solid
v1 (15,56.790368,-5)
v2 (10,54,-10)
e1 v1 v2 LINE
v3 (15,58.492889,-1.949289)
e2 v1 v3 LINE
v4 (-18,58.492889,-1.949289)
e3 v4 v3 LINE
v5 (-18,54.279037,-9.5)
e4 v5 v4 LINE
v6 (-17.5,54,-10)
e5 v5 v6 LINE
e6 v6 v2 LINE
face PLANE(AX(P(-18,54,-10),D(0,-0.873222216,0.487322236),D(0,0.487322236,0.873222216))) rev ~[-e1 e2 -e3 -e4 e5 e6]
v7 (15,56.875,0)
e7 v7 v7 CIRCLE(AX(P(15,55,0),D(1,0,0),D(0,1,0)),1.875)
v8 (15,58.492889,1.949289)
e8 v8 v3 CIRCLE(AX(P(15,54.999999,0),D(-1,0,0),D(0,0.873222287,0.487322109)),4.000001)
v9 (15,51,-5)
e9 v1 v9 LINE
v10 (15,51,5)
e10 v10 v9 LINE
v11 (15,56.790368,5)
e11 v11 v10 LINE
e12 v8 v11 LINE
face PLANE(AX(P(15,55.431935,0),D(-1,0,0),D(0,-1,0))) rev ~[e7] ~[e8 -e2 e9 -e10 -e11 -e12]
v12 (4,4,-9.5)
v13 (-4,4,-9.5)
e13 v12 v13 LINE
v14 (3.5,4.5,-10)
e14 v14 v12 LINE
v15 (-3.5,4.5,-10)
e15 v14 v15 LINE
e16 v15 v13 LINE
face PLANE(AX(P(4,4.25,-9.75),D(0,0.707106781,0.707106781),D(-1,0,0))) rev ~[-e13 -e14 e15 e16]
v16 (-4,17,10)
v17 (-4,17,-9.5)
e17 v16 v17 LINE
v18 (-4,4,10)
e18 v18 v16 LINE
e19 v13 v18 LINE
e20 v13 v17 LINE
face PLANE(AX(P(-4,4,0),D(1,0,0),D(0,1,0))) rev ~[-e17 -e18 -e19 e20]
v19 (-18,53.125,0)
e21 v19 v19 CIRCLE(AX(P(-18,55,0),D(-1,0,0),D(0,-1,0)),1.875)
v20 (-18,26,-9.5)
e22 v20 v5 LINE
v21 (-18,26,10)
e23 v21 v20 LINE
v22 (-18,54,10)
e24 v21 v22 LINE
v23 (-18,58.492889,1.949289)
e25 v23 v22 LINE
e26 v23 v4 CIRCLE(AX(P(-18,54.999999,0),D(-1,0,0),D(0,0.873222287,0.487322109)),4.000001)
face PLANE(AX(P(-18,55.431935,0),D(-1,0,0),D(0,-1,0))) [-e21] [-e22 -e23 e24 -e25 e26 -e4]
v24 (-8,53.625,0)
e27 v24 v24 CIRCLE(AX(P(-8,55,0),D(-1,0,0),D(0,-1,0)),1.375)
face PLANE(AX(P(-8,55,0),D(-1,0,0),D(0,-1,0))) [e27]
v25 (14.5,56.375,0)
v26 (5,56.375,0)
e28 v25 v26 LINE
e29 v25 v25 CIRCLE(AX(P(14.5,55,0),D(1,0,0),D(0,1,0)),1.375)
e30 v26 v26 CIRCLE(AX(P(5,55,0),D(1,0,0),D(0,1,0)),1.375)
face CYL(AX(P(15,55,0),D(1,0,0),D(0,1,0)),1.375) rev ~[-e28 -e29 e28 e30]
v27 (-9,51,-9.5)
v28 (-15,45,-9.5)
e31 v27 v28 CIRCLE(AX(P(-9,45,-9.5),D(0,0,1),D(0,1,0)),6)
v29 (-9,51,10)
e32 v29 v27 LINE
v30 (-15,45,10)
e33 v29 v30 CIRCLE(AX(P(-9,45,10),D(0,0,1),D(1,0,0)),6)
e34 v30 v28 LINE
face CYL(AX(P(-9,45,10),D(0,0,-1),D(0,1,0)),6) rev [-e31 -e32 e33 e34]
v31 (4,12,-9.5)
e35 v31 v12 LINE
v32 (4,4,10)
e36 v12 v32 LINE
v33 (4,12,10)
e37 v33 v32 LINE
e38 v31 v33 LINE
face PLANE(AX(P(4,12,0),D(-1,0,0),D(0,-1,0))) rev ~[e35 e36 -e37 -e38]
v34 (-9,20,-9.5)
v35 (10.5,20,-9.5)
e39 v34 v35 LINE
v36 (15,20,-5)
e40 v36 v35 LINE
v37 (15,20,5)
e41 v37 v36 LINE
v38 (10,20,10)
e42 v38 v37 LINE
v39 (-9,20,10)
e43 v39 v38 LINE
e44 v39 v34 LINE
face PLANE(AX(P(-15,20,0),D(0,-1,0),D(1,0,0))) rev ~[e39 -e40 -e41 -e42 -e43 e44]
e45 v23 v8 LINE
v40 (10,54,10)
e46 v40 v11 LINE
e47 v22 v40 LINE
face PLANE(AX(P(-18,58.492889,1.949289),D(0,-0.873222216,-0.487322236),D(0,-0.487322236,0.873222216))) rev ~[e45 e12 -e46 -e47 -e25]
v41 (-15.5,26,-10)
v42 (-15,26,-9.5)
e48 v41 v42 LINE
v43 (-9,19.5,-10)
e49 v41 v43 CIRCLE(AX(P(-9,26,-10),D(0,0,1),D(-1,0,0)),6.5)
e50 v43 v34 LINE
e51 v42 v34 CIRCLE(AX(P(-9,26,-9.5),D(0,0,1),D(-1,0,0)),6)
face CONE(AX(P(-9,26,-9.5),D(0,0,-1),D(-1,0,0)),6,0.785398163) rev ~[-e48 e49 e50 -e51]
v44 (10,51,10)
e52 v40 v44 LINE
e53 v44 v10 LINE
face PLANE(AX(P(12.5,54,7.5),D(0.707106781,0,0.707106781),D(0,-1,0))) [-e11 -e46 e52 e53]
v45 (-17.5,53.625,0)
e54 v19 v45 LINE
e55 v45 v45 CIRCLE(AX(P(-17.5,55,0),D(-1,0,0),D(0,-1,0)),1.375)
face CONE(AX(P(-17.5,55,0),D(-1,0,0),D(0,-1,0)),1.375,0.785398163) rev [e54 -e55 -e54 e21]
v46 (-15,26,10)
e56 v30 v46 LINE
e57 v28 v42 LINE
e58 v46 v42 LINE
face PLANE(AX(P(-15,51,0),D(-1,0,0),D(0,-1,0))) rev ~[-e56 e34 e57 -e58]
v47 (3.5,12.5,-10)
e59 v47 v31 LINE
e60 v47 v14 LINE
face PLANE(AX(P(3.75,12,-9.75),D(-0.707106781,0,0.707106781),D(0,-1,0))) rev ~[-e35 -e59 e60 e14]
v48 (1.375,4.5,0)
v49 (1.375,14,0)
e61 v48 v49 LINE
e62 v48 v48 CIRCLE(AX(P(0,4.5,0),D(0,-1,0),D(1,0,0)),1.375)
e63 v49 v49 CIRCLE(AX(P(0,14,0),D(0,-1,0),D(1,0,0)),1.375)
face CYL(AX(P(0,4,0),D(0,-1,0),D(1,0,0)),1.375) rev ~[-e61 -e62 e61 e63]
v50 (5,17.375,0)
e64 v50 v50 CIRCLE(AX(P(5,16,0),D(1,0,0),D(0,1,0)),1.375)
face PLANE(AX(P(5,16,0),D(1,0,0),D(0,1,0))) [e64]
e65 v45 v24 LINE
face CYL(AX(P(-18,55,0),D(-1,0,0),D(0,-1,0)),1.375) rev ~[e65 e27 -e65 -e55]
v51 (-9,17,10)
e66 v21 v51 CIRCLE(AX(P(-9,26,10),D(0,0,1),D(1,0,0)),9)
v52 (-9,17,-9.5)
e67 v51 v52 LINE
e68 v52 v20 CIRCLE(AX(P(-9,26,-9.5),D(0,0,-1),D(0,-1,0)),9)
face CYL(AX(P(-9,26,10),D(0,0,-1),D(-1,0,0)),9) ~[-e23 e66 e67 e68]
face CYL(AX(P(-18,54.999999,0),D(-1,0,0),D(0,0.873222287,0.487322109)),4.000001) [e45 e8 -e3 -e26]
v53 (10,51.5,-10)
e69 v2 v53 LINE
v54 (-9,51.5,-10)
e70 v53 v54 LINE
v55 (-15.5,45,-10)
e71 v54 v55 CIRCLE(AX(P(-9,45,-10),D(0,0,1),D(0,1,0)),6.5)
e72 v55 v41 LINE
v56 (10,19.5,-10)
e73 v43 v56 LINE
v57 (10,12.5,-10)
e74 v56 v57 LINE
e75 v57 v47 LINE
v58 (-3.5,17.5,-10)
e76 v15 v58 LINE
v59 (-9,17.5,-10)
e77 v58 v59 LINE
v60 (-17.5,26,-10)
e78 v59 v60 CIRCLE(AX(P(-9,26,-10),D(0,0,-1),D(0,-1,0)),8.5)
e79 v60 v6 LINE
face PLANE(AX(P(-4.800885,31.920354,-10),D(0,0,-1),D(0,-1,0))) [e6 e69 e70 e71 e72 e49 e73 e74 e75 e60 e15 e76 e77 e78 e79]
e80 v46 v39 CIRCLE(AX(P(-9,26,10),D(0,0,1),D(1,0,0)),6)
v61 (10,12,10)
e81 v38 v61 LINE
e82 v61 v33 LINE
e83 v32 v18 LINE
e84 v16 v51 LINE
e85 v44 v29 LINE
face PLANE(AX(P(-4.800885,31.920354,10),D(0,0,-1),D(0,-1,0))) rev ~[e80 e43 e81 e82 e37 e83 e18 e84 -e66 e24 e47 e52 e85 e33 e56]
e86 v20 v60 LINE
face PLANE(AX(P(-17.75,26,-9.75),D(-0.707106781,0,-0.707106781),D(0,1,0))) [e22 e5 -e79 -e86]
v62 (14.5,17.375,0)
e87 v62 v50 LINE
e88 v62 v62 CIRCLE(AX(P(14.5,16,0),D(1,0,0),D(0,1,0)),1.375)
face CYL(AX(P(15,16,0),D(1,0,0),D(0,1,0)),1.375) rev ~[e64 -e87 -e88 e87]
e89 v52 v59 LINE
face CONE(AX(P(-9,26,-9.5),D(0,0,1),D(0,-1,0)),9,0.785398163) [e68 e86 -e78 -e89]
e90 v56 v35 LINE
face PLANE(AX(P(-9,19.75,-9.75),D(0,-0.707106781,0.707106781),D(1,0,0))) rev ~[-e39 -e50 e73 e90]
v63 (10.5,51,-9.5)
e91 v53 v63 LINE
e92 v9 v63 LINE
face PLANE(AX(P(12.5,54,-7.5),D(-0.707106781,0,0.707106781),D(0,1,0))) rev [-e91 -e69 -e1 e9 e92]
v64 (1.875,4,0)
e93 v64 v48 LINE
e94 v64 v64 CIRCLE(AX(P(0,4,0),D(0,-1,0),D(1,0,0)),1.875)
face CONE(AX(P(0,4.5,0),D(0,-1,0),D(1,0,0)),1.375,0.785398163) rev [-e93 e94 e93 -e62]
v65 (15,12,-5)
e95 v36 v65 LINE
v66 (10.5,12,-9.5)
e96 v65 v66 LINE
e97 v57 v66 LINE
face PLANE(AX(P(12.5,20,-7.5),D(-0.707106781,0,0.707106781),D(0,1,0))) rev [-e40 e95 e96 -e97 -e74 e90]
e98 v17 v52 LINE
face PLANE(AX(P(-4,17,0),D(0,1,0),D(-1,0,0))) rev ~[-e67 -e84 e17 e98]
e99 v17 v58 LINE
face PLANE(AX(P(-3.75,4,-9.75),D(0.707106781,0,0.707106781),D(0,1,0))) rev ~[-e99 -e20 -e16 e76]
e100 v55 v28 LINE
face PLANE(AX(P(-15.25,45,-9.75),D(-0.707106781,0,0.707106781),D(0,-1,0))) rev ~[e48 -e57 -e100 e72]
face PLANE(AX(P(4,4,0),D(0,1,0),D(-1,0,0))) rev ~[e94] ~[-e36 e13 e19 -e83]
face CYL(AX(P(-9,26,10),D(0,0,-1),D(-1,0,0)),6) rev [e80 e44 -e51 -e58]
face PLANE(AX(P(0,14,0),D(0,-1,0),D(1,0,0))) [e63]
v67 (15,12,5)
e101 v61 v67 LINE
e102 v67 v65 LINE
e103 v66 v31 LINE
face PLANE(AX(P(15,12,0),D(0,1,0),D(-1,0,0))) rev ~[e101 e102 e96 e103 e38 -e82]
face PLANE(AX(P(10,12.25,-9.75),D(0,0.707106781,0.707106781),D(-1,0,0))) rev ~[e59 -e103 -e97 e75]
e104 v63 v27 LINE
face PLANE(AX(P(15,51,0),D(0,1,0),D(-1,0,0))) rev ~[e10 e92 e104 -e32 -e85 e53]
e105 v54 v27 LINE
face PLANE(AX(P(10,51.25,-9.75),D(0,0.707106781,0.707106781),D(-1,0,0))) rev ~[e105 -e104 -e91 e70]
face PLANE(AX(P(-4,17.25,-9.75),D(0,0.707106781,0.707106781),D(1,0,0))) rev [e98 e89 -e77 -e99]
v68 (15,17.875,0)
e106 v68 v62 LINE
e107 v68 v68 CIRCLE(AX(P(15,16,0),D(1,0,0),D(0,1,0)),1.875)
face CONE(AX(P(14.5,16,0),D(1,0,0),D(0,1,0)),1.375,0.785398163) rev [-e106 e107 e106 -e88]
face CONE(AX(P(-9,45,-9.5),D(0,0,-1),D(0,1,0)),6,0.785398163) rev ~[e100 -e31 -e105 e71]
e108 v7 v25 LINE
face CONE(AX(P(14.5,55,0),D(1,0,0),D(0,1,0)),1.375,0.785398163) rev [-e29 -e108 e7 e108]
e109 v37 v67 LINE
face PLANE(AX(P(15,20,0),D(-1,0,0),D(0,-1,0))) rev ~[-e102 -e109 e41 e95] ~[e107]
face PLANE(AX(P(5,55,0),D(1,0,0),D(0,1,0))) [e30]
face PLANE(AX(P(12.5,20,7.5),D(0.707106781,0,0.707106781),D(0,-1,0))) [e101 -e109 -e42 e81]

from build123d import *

# Parameters (mm, degrees)
PAD_DEPTH            = 10
SKETCH001_R          = 1.375
POCKET_DEPTH         = 10
PAD001_DEPTH         = 33
SKETCH003_R          = 1.375
POCKET001_DEPTH      = 10
SKETCH004_R          = 1.375
POCKET002_DEPTH      = 10
FILLET_1_R           = 9
FILLET_2_R           = 6
CHAMFER_SIZE         = 5
CHAMFER001_SIZE      = 0.5
CHAMFER002_SIZE      = 0.5
CLONE001_PITCH_ANGLE = -90


with BuildPart() as part:
    # Sketch → Pad (new body, symmetric)
    with BuildSketch(Plane.YZ):
        Polygon((4, 4), (17, 4), (17, 18), (54, 18), (54, -15), (51, -15), (51, 15), (20, 15), (20, -15), (12, -15), (12, -4), (4, -4), align=None)
    extrude(amount=PAD_DEPTH, both=True)

    # Sketch001 → Pocket (cut)
    with BuildSketch(Plane(origin=(0, 4, 0), x_dir=(0, 0, -1), z_dir=(0, -1, 0))):
        Circle(SKETCH001_R)
    extrude(amount=-POCKET_DEPTH, mode=Mode.SUBTRACT)

    # Sketch002 → Pad001 (new body)
    with BuildSketch(Plane(origin=(0, 0, 18), x_dir=(0, -1, 0), z_dir=(0, 0, 1))):
        with BuildLine():
            ThreePointArc((-58.492889, 1.949289), (-59, 0), (-58.492889, -1.949289))
            Line((-54, -10), (-58.492889, -1.949289))
            Line((-54, 10), (-54, -10))
            Line((-58.492889, 1.949289), (-54, 10))
        make_face()
    extrude(amount=-PAD001_DEPTH)

    # Sketch003 → Pocket001 (cut)
    with BuildSketch(Plane(origin=(0, 0, 18), x_dir=(0, -1, 0), z_dir=(0, 0, 1))):
        with Locations((-55, 0)):
            Circle(SKETCH003_R)
    extrude(amount=-POCKET001_DEPTH, mode=Mode.SUBTRACT)

    # Sketch004 → Pocket002 (cut)
    with BuildSketch(Plane.YX.offset(15)):
        with Locations((55, 0)):
            Circle(SKETCH004_R)
        with Locations((16, 0)):
            Circle(SKETCH004_R)
    extrude(amount=-POCKET002_DEPTH, mode=Mode.SUBTRACT)

    # Fillet 1
    fillet_1_edges = [part.edges().sort_by_distance(p)[0] for p in [
        (0, 17, 18),
    ]]
    fillet(fillet_1_edges, radius=FILLET_1_R)

    # Fillet 2
    fillet_2_edges = [part.edges().sort_by_distance(p)[0] for p in [
        (0, 20, 15),
        (0, 51, 15),
    ]]
    fillet(fillet_2_edges, radius=FILLET_2_R)

    # Chamfer
    chamfer_edges = [part.edges().sort_by_distance(p)[0] for p in [
        (-10, 52.5, -15),
        (-10, 16, -15),
        (10, 52.5, -15),
        (10, 16, -15),
    ]]
    chamfer(chamfer_edges, length=CHAMFER_SIZE)

    # Chamfer001
    chamfer001_edges = [part.edges().sort_by_distance(p)[0] for p in [
        (0, 56.375, 18),
        (0, 4, 1.375),
        (0, 53.625, -15),
        (0, 14.625, -15),
    ]]
    chamfer(chamfer001_edges, length=CHAMFER001_SIZE)

    # Chamfer002
    chamfer002_edges = [part.edges().sort_by_distance(p)[0] for p in [
        (-10, 40, 18),
        (-10, 51, -0.5),
        (-10, 19.636039, 15.363961),
        (-10, 49.242641, 13.242641),
        (-10, 17, 6.5),
        (-10, 35.5, 15),
        (-10, 10.5, 4),
        (-10, 21.757359, 13.242641),
        (-10, 4, 0),
        (-10, 20, -0.5),
        (-10, 8, -4),
        (-10, 12, -7),
    ]]
    chamfer(chamfer002_edges, length=CHAMFER002_SIZE)


with BuildPart() as part_1:
    # Clone001 pitch: moved
    add(part.part.rotate(Axis((0, 0, 0), (0, 1, 0)), CLONE001_PITCH_ANGLE))


with BuildPart() as part_2:
    # Clone001 placement: moved
    add(part_1.part)


solid = part_2.part
